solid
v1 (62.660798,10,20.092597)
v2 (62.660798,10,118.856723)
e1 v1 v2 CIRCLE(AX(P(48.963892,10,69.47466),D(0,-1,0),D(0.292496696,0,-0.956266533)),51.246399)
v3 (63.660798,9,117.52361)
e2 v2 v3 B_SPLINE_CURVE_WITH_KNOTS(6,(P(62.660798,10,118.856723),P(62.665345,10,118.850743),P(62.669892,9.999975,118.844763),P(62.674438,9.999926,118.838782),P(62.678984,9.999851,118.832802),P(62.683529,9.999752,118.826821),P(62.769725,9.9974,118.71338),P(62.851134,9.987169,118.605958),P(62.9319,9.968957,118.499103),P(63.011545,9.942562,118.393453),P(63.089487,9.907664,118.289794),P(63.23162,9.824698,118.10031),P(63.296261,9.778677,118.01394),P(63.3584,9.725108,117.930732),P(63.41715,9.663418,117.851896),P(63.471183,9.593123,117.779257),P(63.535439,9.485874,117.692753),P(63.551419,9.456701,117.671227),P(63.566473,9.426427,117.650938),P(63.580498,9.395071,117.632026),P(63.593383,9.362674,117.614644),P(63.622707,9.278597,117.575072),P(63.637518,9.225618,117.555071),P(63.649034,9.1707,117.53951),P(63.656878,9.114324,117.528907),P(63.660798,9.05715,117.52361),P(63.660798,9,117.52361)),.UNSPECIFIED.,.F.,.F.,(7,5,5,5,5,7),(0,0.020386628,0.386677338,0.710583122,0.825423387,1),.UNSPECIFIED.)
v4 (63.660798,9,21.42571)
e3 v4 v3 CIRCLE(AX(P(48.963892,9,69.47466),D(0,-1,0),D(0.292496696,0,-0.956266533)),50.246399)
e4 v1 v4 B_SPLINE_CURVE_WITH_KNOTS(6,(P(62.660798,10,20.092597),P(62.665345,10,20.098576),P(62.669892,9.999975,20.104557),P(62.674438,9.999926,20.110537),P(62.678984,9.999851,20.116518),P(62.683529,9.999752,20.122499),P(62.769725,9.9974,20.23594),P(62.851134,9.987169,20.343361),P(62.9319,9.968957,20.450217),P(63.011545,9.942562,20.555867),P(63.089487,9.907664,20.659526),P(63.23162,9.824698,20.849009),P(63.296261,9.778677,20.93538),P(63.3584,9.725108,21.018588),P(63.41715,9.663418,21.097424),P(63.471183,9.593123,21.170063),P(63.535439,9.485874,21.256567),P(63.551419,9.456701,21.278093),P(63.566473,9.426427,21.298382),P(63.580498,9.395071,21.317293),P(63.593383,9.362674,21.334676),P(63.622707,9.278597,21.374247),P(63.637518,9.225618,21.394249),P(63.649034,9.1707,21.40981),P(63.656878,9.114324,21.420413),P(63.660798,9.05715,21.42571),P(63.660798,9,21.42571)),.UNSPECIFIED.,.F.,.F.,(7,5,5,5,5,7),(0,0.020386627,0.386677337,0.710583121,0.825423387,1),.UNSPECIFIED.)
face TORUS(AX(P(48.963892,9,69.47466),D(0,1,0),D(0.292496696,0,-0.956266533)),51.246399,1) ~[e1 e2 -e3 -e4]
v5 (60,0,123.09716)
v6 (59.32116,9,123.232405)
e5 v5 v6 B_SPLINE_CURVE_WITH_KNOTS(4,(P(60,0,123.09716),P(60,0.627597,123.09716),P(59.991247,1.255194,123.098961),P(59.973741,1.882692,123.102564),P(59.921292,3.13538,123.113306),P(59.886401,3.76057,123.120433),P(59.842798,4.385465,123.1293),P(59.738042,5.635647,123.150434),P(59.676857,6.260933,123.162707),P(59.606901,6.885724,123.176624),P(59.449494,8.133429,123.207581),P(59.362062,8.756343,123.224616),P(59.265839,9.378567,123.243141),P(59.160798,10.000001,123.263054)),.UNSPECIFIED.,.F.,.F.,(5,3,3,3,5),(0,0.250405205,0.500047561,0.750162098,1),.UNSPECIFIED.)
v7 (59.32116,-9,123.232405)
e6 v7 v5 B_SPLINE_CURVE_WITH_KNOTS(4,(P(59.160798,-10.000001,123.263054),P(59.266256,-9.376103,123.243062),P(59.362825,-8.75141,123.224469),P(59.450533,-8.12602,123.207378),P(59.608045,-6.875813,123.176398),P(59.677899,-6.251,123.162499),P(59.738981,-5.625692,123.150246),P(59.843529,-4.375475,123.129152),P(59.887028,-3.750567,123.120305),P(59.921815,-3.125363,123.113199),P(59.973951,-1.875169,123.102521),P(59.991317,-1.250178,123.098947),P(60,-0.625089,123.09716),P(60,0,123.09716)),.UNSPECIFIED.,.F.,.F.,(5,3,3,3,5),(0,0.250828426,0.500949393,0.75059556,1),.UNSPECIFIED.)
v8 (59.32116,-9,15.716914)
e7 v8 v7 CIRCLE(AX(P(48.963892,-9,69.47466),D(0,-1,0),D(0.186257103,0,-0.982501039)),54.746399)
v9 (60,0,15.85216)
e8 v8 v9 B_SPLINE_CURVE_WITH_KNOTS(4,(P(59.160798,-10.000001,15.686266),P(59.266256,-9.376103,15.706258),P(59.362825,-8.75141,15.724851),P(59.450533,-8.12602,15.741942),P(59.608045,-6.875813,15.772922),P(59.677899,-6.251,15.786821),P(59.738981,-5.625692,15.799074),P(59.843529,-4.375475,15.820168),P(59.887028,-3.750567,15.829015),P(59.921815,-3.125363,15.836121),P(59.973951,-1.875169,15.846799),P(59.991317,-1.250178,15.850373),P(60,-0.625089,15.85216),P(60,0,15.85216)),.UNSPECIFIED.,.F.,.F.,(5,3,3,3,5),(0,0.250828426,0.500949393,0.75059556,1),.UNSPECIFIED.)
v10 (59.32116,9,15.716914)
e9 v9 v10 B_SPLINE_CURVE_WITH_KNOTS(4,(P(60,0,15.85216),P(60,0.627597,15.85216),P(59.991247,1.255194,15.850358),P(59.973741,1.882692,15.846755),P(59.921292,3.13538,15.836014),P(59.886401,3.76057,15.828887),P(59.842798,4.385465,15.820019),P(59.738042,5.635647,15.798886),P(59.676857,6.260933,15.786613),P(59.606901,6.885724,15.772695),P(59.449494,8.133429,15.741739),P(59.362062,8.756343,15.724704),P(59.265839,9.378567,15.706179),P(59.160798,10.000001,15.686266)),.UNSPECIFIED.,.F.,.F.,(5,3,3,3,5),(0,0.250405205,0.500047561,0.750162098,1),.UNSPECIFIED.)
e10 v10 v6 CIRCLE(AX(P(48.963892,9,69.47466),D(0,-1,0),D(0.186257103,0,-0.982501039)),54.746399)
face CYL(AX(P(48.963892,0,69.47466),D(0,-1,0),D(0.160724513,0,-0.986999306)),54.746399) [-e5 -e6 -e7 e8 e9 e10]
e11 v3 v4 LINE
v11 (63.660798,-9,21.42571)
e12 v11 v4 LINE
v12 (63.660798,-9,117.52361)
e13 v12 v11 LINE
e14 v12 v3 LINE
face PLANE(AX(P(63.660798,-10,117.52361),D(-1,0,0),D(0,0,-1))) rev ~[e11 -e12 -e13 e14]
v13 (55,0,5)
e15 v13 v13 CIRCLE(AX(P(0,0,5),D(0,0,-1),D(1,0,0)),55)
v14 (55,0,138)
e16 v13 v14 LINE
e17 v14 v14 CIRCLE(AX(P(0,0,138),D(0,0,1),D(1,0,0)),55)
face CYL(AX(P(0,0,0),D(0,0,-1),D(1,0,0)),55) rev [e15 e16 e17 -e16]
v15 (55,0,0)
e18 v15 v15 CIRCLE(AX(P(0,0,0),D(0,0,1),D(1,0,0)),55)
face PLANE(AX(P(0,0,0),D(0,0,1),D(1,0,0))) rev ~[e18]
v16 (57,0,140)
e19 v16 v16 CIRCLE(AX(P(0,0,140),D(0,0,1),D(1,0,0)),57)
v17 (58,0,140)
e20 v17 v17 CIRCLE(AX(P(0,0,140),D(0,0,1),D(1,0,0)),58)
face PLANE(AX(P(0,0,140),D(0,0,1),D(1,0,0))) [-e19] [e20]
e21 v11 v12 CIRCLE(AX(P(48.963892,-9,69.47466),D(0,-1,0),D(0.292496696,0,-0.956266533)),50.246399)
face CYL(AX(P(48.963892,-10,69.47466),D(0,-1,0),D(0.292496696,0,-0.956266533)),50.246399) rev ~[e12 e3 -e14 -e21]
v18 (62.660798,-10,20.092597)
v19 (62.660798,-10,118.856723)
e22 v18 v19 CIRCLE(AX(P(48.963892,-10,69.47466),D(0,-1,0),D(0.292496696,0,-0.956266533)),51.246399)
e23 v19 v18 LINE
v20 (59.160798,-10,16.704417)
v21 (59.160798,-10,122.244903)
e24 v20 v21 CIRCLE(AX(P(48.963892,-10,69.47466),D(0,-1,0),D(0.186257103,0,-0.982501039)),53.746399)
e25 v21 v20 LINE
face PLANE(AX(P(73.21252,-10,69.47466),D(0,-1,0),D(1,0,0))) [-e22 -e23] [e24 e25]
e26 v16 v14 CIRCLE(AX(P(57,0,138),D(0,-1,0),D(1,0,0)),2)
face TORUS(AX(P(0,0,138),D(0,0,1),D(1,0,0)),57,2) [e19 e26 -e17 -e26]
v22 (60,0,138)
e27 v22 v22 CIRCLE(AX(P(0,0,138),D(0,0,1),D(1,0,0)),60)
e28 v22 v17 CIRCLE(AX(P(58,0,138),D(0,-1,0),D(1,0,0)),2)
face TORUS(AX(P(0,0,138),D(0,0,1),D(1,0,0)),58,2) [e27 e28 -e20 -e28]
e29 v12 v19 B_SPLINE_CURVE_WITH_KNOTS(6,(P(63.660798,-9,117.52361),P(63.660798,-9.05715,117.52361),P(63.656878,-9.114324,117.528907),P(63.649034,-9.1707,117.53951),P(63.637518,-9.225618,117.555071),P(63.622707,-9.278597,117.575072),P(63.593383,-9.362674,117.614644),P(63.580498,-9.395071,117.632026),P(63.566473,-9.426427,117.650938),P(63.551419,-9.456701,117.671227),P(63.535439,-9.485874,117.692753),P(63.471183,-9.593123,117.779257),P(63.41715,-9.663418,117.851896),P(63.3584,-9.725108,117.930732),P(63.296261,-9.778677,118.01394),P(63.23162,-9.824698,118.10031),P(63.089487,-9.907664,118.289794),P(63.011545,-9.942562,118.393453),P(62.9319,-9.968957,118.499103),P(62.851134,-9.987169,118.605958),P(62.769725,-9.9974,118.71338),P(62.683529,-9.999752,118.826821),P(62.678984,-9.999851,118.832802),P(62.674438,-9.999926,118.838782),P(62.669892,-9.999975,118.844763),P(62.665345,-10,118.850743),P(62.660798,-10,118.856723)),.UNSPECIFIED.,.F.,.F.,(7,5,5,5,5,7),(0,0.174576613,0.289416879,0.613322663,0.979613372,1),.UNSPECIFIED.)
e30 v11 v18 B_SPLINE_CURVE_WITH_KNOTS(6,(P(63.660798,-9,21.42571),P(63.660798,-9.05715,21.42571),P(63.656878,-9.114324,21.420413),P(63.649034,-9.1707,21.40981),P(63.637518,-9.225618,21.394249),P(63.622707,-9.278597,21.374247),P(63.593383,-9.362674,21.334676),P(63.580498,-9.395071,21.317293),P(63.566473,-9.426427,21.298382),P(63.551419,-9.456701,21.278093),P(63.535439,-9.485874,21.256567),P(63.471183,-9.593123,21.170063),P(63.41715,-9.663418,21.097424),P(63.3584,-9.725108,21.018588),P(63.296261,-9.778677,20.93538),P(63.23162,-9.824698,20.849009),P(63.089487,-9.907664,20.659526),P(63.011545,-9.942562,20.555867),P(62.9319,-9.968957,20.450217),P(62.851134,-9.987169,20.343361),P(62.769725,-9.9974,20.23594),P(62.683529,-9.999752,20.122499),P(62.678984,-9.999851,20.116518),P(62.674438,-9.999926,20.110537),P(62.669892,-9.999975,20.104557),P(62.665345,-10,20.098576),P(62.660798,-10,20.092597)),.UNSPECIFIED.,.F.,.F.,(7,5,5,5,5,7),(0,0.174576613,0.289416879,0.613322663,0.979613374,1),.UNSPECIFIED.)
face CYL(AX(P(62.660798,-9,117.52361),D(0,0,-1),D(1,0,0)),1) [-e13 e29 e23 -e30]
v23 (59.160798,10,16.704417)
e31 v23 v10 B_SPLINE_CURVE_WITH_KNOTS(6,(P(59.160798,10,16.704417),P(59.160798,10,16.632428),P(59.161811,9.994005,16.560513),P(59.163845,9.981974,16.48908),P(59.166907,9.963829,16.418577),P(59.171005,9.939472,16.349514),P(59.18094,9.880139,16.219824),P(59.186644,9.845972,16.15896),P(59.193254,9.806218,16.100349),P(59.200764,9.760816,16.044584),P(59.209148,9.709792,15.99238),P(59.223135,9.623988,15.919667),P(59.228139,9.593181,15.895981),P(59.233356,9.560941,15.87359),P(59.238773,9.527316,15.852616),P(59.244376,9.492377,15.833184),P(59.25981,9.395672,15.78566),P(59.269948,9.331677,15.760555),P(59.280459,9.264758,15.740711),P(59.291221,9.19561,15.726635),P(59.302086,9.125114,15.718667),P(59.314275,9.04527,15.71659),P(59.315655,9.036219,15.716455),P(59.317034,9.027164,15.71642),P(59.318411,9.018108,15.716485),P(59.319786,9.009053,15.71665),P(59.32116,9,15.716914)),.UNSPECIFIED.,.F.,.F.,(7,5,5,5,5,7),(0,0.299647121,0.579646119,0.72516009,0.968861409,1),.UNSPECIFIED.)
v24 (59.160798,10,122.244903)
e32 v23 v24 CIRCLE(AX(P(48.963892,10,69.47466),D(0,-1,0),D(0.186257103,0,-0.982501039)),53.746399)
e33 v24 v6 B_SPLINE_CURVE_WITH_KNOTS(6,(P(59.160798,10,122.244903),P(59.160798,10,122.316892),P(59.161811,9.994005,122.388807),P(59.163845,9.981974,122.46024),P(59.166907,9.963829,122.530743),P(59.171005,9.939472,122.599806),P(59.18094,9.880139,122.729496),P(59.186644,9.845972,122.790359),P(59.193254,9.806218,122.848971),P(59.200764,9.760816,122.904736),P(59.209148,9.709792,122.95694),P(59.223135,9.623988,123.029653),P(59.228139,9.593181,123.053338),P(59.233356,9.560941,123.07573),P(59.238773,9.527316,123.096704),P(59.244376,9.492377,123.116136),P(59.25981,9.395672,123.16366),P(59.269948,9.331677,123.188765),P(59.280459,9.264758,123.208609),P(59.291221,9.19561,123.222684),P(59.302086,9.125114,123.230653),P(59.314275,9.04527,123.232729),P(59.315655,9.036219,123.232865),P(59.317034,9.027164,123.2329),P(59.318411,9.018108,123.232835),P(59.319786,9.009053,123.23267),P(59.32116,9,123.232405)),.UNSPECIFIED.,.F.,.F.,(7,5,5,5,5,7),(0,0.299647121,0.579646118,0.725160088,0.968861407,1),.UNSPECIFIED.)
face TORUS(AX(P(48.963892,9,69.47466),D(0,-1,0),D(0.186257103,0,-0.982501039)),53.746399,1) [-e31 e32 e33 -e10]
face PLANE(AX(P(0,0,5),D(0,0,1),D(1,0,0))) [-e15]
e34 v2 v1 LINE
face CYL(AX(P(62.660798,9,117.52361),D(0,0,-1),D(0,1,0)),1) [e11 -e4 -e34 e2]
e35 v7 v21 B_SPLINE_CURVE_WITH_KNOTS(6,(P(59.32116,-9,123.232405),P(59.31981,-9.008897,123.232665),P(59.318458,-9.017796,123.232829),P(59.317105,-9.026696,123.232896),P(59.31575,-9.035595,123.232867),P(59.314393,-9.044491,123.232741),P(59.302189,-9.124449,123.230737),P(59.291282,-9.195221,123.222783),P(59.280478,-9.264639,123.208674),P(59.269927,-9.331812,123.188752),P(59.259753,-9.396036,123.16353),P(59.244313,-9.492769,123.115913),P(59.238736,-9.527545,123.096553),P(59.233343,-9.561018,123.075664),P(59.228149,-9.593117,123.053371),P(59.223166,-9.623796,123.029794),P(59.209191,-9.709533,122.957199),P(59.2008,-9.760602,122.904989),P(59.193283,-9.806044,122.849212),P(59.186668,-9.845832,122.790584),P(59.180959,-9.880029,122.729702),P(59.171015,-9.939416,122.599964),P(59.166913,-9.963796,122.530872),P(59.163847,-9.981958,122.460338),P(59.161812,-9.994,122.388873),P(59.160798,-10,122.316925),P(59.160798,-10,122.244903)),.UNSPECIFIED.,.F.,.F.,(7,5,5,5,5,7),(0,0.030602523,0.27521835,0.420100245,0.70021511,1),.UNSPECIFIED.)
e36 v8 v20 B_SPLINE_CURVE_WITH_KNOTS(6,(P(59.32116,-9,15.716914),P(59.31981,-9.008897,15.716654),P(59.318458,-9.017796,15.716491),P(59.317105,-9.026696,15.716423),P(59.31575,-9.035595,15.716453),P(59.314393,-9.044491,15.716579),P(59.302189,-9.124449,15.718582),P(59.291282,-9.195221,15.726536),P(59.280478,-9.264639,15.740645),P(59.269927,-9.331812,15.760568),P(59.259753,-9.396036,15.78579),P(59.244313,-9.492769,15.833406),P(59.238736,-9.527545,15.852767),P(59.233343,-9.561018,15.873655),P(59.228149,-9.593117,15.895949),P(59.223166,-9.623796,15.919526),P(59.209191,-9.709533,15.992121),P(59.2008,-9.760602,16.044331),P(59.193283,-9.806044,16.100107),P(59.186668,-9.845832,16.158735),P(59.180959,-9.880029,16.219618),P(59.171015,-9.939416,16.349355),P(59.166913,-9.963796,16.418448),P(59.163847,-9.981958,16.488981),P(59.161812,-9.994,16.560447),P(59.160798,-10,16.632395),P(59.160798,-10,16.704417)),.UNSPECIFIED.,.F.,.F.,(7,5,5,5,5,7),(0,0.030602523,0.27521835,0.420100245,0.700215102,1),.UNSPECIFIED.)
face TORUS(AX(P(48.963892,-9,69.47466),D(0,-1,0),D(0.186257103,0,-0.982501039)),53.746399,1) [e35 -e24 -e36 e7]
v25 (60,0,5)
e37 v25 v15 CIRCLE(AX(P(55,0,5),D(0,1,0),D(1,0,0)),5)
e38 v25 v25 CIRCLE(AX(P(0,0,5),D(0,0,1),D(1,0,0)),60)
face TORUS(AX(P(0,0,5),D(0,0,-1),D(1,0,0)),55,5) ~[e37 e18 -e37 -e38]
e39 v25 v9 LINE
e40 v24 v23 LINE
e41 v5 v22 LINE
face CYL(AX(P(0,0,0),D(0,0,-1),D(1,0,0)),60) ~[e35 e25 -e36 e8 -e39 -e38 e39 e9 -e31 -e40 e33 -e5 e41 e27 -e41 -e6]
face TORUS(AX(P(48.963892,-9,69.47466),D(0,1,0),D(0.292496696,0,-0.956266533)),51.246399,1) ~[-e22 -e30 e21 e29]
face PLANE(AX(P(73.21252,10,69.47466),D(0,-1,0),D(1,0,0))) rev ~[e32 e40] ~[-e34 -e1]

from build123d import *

# Parameters (mm, degrees)
F0_R     = 60
F1_DEPTH = 140
F2_T     = -5
F3_R     = 2
F5_DEPTH = 10
F7_DEPTH = 54
F8_R     = 1
F9_R     = 5


with BuildPart() as f1:
    # F0 (on Top) → F1 (new body)
    with BuildSketch(Plane.XY):
        Circle(F0_R)
    extrude(amount=F1_DEPTH)

    # F2
    f2_openings = [f1.faces().sort_by_distance(p)[0] for p in [
        (0, 0, 140),
    ]]
    offset(amount=F2_T, openings=f2_openings)

    # F3
    f3_edges = [f1.edges().sort_by_distance(p)[0] for p in [
        (-55, 0, 140),
        (-60, 0, 140),
    ]]
    fillet(f3_edges, radius=F3_R)

    # F4 (on Front) → F5 (join, symmetric)
    with BuildSketch(Plane.XZ):
        with BuildLine():
            Line((57.7629804611, 123.5093176365), (57.7629804611, 15.4400020838))
            ThreePointArc((57.7629804611, 15.4400020838), (103.710291096, 69.4746598601), (57.7629804611, 123.5093176365))
        make_face()
    extrude(amount=F5_DEPTH, both=True)

    # F6 (on face) → F7 (cut)
    with BuildSketch(Plane.XZ.offset(10)):
        with BuildLine():
            Line((63.660797831, 117.5236095815), (63.660797831, 21.4257101387))
            ThreePointArc((63.660797831, 21.4257101387), (99.210291096, 69.4746598601), (63.660797831, 117.5236095815))
        make_face()
    extrude(amount=-F7_DEPTH, mode=Mode.SUBTRACT)

    # F8
    f8_edges = [f1.edges().sort_by_distance(p)[0] for p in [
        (99.210291, -10, 69.47466),
        (63.660798, -10, 69.47466),
        (63.660798, 10, 69.47466),
        (99.210291, 10, 69.47466),
        (103.710291, 10, 69.47466),
        (103.710291, -10, 69.47466),
    ]]
    fillet(f8_edges, radius=F8_R)

    # F9
    f9_edges = [f1.edges().sort_by_distance(p)[0] for p in [
        (-60, 0, 0),
    ]]
    fillet(f9_edges, radius=F9_R)


solid = f1.part
